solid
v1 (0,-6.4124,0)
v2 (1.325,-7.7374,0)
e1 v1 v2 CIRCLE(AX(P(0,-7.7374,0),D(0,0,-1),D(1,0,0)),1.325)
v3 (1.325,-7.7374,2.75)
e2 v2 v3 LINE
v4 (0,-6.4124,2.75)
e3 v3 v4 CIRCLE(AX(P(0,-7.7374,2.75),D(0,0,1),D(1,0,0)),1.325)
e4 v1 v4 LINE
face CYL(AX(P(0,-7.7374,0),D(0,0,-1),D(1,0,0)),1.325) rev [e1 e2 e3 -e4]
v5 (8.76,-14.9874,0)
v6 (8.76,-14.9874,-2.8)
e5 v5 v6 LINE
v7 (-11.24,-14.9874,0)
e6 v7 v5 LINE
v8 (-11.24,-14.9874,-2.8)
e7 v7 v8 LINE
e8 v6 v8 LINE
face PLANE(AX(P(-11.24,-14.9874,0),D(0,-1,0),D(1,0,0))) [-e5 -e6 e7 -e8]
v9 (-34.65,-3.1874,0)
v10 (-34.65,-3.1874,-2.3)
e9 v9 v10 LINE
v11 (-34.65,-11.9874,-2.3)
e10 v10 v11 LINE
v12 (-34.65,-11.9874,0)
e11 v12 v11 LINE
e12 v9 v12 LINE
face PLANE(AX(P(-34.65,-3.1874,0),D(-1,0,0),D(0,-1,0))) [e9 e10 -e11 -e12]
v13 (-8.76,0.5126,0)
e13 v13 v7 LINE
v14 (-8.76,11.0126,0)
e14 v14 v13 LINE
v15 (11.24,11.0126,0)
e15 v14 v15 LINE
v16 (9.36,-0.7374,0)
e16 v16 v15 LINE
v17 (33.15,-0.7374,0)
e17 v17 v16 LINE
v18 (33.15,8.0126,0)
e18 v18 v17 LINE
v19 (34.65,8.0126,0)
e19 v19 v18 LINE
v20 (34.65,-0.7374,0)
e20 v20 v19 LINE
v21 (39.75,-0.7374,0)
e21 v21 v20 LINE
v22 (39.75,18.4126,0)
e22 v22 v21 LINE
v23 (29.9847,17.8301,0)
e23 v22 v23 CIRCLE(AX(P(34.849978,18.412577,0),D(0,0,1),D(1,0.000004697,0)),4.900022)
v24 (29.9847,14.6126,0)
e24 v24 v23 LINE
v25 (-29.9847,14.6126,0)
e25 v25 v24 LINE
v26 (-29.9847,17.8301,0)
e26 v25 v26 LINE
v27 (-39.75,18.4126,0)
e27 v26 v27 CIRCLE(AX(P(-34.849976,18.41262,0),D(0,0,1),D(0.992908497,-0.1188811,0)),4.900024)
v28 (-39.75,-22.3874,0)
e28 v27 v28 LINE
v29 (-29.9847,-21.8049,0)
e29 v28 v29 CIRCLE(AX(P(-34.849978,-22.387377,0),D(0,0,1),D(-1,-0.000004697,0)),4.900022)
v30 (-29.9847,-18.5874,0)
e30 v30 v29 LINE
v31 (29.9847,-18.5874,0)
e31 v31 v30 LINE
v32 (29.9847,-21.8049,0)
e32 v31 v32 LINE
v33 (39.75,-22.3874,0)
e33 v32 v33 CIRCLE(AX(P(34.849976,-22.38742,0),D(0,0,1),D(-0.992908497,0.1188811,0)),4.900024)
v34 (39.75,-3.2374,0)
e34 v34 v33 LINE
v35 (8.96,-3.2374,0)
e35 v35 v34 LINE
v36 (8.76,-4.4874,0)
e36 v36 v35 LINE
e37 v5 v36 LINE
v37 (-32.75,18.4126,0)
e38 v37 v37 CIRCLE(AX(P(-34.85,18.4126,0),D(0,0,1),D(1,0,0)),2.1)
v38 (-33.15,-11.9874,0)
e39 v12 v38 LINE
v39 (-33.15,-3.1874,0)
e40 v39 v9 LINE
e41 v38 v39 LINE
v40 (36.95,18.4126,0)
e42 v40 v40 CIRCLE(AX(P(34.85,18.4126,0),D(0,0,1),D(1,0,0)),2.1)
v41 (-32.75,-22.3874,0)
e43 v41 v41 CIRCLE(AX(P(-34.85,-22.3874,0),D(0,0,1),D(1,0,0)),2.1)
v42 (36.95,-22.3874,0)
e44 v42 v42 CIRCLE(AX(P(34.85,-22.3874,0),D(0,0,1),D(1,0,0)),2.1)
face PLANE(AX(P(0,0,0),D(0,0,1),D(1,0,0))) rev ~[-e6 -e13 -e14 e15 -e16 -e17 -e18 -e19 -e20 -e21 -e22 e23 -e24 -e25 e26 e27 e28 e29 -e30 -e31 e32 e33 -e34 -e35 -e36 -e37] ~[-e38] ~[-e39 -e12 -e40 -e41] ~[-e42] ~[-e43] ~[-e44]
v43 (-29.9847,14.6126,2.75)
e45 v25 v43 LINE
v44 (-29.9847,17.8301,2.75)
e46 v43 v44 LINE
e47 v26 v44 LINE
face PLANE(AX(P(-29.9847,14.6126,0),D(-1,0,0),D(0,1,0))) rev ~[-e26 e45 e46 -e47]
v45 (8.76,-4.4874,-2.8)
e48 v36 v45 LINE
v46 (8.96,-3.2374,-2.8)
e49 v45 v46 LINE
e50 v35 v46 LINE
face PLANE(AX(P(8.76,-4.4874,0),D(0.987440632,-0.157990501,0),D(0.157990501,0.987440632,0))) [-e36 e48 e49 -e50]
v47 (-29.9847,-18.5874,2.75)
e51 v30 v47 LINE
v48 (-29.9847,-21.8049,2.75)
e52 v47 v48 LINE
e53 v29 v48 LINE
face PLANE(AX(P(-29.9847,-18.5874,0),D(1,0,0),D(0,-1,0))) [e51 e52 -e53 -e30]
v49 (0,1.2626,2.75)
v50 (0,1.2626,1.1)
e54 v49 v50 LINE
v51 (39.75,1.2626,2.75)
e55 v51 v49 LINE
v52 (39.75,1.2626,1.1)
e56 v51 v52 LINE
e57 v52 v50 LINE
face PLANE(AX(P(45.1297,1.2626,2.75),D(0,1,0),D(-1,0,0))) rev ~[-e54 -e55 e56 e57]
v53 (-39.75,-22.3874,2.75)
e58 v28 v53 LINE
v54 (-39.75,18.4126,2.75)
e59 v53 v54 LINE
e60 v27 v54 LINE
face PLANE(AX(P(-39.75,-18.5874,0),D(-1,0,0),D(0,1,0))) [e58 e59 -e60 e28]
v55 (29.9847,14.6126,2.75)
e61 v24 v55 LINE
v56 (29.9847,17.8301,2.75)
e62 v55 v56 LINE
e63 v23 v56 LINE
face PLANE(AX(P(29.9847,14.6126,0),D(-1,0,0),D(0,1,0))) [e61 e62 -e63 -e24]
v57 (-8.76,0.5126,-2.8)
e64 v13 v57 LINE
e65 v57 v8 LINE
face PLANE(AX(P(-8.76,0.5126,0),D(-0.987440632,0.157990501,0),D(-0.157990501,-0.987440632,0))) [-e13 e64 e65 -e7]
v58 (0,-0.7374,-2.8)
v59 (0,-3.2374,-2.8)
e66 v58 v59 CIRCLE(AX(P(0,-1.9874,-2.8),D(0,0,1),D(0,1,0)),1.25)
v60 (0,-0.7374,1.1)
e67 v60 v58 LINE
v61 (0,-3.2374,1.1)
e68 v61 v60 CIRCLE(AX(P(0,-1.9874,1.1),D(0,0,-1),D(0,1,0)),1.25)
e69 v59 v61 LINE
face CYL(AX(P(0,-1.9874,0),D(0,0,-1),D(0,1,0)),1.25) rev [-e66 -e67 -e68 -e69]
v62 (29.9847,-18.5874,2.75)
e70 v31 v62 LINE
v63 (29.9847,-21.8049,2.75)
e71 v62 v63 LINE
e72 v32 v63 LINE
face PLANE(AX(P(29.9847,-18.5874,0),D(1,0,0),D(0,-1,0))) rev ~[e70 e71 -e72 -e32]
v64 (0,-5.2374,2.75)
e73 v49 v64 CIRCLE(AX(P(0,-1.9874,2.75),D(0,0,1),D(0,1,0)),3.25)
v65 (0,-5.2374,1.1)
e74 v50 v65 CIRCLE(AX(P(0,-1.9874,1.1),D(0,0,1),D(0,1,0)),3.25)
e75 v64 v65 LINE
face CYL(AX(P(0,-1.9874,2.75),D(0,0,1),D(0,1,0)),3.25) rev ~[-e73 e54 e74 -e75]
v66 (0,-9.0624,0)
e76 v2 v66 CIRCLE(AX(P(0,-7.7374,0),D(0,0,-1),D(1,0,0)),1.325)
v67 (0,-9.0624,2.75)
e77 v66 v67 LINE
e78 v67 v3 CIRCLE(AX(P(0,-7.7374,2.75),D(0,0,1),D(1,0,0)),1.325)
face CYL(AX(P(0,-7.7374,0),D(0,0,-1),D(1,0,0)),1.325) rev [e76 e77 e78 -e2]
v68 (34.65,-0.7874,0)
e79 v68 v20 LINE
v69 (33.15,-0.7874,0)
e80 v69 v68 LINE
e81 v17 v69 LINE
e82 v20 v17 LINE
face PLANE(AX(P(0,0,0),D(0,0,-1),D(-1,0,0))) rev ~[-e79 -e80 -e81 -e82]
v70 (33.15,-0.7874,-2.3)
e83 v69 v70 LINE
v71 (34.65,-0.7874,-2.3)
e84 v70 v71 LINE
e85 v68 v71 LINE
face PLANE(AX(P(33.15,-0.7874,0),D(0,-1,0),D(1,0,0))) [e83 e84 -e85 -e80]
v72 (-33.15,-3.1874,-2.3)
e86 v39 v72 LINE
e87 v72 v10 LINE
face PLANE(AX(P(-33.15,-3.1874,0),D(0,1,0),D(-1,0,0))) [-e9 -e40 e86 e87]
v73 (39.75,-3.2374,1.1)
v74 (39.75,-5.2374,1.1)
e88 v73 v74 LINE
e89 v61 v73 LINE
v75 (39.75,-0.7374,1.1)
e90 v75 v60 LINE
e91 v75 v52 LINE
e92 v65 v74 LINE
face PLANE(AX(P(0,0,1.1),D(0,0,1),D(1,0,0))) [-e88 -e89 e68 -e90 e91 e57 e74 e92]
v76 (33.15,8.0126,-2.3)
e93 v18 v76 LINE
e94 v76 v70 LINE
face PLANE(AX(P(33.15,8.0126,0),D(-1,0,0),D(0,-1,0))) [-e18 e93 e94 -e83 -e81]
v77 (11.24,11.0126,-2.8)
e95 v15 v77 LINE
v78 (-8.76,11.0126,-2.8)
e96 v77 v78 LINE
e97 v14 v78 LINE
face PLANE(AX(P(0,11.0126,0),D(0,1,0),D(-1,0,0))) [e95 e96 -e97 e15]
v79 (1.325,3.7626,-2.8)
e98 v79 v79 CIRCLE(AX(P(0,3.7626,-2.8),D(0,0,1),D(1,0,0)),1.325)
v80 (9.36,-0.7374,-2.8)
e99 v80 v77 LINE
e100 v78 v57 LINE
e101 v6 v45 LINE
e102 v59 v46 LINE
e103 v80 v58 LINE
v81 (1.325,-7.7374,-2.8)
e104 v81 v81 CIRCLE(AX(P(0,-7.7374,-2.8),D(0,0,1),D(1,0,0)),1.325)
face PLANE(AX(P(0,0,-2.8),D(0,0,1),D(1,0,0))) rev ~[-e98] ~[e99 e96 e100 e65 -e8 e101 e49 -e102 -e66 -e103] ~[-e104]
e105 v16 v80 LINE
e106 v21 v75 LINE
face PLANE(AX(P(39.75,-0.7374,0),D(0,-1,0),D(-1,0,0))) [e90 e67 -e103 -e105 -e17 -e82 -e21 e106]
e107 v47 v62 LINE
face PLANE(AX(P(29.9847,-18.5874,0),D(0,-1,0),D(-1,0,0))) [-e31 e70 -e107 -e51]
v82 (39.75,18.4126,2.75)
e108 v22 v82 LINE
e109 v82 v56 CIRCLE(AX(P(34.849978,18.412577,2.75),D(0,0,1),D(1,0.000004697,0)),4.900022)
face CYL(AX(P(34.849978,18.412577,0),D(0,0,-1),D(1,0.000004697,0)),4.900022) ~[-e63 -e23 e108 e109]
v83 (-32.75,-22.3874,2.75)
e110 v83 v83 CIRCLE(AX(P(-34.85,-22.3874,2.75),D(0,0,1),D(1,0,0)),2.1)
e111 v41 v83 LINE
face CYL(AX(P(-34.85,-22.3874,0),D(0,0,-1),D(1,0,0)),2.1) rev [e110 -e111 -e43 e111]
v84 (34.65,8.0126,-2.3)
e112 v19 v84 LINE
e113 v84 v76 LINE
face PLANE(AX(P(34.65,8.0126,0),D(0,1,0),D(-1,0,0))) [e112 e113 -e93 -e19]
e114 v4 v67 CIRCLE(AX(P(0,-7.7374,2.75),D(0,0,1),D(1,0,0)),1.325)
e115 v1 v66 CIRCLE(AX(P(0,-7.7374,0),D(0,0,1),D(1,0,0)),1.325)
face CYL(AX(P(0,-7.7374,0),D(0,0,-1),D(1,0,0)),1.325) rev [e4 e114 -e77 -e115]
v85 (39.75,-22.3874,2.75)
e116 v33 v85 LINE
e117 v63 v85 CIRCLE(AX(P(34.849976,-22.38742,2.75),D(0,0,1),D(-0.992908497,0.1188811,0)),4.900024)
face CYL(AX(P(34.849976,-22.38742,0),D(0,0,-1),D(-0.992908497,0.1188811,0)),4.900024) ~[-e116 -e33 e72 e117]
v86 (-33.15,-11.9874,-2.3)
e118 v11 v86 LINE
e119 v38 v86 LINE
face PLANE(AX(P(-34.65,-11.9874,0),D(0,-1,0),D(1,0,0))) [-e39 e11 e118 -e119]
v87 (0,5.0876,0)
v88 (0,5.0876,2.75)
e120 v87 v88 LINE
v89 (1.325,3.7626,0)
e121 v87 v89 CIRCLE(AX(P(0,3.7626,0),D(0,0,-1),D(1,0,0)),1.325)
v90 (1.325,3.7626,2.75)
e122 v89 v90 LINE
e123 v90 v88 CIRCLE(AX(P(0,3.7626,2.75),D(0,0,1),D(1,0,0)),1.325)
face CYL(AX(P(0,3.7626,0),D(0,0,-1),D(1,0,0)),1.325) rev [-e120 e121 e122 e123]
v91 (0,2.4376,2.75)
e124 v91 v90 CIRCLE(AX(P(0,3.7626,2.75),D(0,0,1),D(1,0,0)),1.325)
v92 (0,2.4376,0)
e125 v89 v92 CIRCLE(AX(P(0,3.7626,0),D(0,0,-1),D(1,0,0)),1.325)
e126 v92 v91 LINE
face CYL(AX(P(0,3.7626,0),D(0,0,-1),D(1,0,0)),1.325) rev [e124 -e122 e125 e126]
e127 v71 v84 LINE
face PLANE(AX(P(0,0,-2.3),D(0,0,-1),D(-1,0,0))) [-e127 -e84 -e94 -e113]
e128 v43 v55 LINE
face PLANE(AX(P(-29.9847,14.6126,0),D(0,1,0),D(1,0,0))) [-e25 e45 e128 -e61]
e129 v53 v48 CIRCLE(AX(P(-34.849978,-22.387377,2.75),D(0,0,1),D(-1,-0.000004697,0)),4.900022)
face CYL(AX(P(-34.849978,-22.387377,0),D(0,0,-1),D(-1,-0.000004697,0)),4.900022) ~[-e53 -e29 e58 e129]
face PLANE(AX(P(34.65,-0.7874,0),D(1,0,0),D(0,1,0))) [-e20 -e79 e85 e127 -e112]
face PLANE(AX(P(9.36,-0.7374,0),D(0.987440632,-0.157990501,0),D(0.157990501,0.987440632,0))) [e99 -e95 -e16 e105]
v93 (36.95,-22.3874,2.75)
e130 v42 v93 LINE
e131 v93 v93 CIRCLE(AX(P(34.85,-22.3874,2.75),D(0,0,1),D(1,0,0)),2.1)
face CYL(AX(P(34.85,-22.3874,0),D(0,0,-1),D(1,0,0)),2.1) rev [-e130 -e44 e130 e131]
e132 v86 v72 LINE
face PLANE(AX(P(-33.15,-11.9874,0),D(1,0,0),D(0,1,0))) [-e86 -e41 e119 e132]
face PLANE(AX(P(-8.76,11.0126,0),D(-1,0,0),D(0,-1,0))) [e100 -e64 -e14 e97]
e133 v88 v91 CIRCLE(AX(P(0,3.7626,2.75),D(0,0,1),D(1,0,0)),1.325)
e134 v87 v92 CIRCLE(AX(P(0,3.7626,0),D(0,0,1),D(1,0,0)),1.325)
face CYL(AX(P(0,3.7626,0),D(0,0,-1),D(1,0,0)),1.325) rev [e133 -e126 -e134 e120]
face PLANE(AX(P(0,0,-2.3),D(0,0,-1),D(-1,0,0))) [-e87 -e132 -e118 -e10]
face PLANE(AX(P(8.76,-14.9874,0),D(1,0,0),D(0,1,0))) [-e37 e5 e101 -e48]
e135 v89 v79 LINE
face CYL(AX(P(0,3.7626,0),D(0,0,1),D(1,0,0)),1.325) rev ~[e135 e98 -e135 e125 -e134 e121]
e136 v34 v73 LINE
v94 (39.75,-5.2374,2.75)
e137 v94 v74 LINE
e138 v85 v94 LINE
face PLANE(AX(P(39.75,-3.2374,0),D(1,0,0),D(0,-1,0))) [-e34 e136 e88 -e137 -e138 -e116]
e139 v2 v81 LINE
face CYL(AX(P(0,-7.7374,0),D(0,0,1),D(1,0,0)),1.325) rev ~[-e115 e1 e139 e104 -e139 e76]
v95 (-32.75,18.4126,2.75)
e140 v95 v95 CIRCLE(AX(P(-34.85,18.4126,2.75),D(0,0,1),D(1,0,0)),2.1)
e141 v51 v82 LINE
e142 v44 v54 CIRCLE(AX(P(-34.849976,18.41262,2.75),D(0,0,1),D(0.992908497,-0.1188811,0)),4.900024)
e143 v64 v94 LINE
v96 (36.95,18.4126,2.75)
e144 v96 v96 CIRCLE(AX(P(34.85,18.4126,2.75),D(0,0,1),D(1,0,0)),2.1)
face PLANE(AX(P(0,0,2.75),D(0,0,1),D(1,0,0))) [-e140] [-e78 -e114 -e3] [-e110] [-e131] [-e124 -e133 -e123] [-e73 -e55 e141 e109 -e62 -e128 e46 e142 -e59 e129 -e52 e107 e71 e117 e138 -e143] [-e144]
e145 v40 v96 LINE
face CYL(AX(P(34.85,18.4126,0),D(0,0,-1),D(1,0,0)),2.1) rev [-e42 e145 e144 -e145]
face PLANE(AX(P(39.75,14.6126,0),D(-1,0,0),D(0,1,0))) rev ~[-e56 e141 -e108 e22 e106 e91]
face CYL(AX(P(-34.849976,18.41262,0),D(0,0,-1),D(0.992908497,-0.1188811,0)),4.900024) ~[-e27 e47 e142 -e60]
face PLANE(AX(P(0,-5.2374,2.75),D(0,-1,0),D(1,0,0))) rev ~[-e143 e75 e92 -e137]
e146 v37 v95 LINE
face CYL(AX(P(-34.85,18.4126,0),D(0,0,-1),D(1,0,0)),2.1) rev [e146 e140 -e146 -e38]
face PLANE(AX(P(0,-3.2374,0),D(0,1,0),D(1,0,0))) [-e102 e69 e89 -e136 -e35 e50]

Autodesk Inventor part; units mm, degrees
ref_plane "YZ Plane" through (0, 0, 0) normal (1, 0, 0) x (0, 1, 0)
ref_plane "XZ Plane" through (0, 0, 0) normal (0, 1, 0) x (-1, 0, 0)
ref_plane "XY Plane" through (0, 0, 0) normal (0, 0, 1) x (1, 0, 0)
sketch "Sketch1" plane through (0, 0, 0) normal (0, 0, 1) x (1, 0, 0)
  line L0 (-8.76, 11.0126) -> (-8.76, 0.5126)
  line L1 (-8.76, 0.5126) -> (-11.24, -14.9874)
  line L2 (-11.24, -14.9874) -> (8.76, -14.9874)
  line L3 (8.76, -14.9874) -> (8.76, -4.4874)
  line L4 (11.24, 11.0126) -> (-8.76, 11.0126)
  line L5 (0, 12.916) -> (0, -18.5653)
  line L6 (-8.76, 0.5126) -> (13.6474, 0.5126) construction
  line L7 (8.76, -4.4874) -> (-2.6872, -4.4874) construction
  line L8 (-5.8361, -1.9874) -> (18.6079, -1.9874) construction
  circle A0 centre (0, -7.7374) radius 1.325
  circle A1 centre (0, 3.7626) radius 1.325
  line L9 (22.7948, -1.9874) -> (0, -1.9874) construction
  line L10 (9.36, -0.7374) -> (0, -0.7374)
  line L11 (0, -3.2374) -> (8.96, -3.2374)
  arc A2 (0, -0.7374) -> (0, -3.2374) centre (0, -1.9874) ccw
  line L12 (8.76, -4.4874) -> (8.96, -3.2374)
  line L13 (9.36, -0.7374) -> (11.24, 11.0126)
  point P0 (0, 0)
  point P1 (-8.76, -4.4874)
  point P2 (11.3974, -1.9874)
  dimension "d0" = 2.48
  dimension "d1" = 15.5
  dimension "d2" = 15.5
  dimension "d3" = 2.48
  dimension "d4" = 10.5
  dimension "d5" = 10.5
  dimension "d6" = 20
  dimension "d7" = 20
  dimension "d8" = 2.65
  dimension "d9" = 7.25
  dimension "d12" = 2.5
  dimension "d26" = 11.75
  dimension "d27" = 14.25
extrude "Extrusion1" add sketch "Sketch1" against normal blind 2.8 contours L4 L5 A1 A2 A0 L2 L1 L0 | L4 L13 L10 L5 A1 | L5 A0 L11 L12 L3 L2
sketch "Sketch2" plane through (0, 0, 0) normal (0, 0, 1) x (1, 0, 0)
  line L0 (-39.75, -18.5874) -> (-39.75, 14.6126)
  line L1 (0, 12.916) -> (0, -18.5653) construction
  line L2 (-5.8361, -1.9874) -> (18.6079, -1.9874) construction
  line L3 (-39.75, 14.6126) -> (-39.75, 18.4126)
  line L4 (-29.9847, 14.6126) -> (-29.9847, 17.8301)
  arc A0 (-29.9847, 17.8301) -> (-39.75, 18.4126) centre (-34.85, 18.4126) ccw
  line L5 (0, 12.916) -> (0, -18.5653)
  circle A1 centre (-34.85, 18.4126) radius 2.1
  arc A2 (0, -0.7374) -> (0, -3.2374) centre (0, -1.9874) ccw projected
  line L6 (-1.25, -1.9874) -> (17.7749, -1.9874) construction
  line L7 (0, -3.2374) -> (39.75, -3.2374)
  line L8 (39.75, -0.7374) -> (0, -0.7374)
  arc A3 (0, -0.7374) -> (0, -3.2374) centre (0, -1.9874) ccw
  line L9 (39.75, 14.6126) -> (39.75, -0.7374)
  line L10 (39.75, -3.2374) -> (39.75, -18.5874)
  line L11 (27.8114, -18.5874) -> (2.6919, -18.5874)
  line L12 (29.9847, -18.5874) -> (-29.9847, -18.5874)
  circle A4 centre (0, 3.7626) radius 1.325 projected
  circle A5 centre (0, -7.7374) radius 1.325 projected
  line L13 (-29.9847, 14.6126) -> (29.9847, 14.6126)
  line L14 (39.75, 14.6126) -> (39.75, 18.4126)
  line L15 (29.9847, 14.6126) -> (29.9847, 17.8301)
  arc A6 (39.75, 18.4126) -> (29.9847, 17.8301) centre (34.85, 18.4126) ccw
  circle A7 centre (34.85, 18.4126) radius 2.1
  line L16 (-39.75, -18.5874) -> (-39.75, -22.3874)
  line L17 (-29.9847, -18.5874) -> (-29.9847, -21.8049)
  arc A8 (-39.75, -22.3874) -> (-29.9847, -21.8049) centre (-34.85, -22.3874) ccw
  circle A9 centre (-34.85, -22.3874) radius 2.1
  line L18 (29.9847, -18.5874) -> (29.9847, -21.8049)
  circle A10 centre (34.85, -22.3874) radius 2.1
  line L19 (39.75, -18.5874) -> (39.75, -22.3874)
  arc A11 (29.9847, -21.8049) -> (39.75, -22.3874) centre (34.85, -22.3874) ccw
  point P0 (0, 0)
  point P1 (8.2624, -1.9874)
  point P2 (27.8114, 14.6126)
  dimension "d15" = 4.9
  dimension "d16" = 4.2
  dimension "d25" = 79.5
extrude "Extrusion2" add sketch "Sketch2" along normal blind 2.75 contours L0 L3 A0 L4 L13 L15 A6 L14 L9 L8 A2 L7 L10 L19 A11 L18 L12 L11 L17 A8 L16
sketch "Sketch3" plane through (0, 0, 2.75) normal (0, 0, 1) x (1, 0, 0)
  arc A0 (0, -0.7374) -> (0, -3.2374) centre (0, -1.9874) ccw projected
  line L0 (0, -1.9874) -> (45.1297, -1.9874) construction
  line L1 (0, -5.2374) -> (45.1297, -5.2374)
  line L2 (45.1297, 1.2626) -> (0, 1.2626)
  arc A1 (0, 1.2626) -> (0, -5.2374) centre (0, -1.9874) ccw
  arc A2 (45.1297, -5.2374) -> (45.1297, 1.2626) centre (45.1297, -1.9874) ccw
  point P0 (0, 0)
  point P1 (22.5649, -1.9874)
  dimension "d20" = 3.25
extrude "Extrusion3" cut sketch "Sketch3" against normal blind 1.65
sketch "Sketch4" plane through (0, 0, 0) normal (0, 0, -1) x (-1, 0, 0)
  line L0 (-34.65, 8.0126) -> (-33.15, 8.0126)
  line L1 (-33.15, 8.0126) -> (-33.15, -0.7874)
  line L2 (-33.15, -0.7874) -> (-34.65, -0.7874)
  line L3 (-34.65, -0.7874) -> (-34.65, 8.0126)
  line L4 (-39.75, -0.7374) -> (-39.75, 18.4126) projected
  line L5 (-29.9847, 14.6126) -> (29.9847, 14.6126) projected
  line L6 (33.15, -3.1874) -> (34.65, -3.1874)
  line L7 (34.65, -3.1874) -> (34.65, -11.9874)
  line L8 (34.65, -11.9874) -> (33.15, -11.9874)
  line L9 (33.15, -11.9874) -> (33.15, -3.1874)
  line L10 (39.75, 18.4126) -> (39.75, -22.3874) projected
  line L11 (29.9847, -18.5874) -> (-29.9847, -18.5874) projected
  point P0 (0, 0)
  point P1 (-39.75, 8.8376)
  dimension "d28" = 5.1
  dimension "d29" = 6.6
  dimension "d30" = 8.8
  dimension "d31" = 1.5
  dimension "d32" = 5.1
  dimension "d33" = 6.6
  dimension "d34" = 8.8
  dimension "d35" = 1.5
extrude "Extrusion4" add sketch "Sketch4" along normal blind 2.3
properties part number "Gripper_BackPlate"
